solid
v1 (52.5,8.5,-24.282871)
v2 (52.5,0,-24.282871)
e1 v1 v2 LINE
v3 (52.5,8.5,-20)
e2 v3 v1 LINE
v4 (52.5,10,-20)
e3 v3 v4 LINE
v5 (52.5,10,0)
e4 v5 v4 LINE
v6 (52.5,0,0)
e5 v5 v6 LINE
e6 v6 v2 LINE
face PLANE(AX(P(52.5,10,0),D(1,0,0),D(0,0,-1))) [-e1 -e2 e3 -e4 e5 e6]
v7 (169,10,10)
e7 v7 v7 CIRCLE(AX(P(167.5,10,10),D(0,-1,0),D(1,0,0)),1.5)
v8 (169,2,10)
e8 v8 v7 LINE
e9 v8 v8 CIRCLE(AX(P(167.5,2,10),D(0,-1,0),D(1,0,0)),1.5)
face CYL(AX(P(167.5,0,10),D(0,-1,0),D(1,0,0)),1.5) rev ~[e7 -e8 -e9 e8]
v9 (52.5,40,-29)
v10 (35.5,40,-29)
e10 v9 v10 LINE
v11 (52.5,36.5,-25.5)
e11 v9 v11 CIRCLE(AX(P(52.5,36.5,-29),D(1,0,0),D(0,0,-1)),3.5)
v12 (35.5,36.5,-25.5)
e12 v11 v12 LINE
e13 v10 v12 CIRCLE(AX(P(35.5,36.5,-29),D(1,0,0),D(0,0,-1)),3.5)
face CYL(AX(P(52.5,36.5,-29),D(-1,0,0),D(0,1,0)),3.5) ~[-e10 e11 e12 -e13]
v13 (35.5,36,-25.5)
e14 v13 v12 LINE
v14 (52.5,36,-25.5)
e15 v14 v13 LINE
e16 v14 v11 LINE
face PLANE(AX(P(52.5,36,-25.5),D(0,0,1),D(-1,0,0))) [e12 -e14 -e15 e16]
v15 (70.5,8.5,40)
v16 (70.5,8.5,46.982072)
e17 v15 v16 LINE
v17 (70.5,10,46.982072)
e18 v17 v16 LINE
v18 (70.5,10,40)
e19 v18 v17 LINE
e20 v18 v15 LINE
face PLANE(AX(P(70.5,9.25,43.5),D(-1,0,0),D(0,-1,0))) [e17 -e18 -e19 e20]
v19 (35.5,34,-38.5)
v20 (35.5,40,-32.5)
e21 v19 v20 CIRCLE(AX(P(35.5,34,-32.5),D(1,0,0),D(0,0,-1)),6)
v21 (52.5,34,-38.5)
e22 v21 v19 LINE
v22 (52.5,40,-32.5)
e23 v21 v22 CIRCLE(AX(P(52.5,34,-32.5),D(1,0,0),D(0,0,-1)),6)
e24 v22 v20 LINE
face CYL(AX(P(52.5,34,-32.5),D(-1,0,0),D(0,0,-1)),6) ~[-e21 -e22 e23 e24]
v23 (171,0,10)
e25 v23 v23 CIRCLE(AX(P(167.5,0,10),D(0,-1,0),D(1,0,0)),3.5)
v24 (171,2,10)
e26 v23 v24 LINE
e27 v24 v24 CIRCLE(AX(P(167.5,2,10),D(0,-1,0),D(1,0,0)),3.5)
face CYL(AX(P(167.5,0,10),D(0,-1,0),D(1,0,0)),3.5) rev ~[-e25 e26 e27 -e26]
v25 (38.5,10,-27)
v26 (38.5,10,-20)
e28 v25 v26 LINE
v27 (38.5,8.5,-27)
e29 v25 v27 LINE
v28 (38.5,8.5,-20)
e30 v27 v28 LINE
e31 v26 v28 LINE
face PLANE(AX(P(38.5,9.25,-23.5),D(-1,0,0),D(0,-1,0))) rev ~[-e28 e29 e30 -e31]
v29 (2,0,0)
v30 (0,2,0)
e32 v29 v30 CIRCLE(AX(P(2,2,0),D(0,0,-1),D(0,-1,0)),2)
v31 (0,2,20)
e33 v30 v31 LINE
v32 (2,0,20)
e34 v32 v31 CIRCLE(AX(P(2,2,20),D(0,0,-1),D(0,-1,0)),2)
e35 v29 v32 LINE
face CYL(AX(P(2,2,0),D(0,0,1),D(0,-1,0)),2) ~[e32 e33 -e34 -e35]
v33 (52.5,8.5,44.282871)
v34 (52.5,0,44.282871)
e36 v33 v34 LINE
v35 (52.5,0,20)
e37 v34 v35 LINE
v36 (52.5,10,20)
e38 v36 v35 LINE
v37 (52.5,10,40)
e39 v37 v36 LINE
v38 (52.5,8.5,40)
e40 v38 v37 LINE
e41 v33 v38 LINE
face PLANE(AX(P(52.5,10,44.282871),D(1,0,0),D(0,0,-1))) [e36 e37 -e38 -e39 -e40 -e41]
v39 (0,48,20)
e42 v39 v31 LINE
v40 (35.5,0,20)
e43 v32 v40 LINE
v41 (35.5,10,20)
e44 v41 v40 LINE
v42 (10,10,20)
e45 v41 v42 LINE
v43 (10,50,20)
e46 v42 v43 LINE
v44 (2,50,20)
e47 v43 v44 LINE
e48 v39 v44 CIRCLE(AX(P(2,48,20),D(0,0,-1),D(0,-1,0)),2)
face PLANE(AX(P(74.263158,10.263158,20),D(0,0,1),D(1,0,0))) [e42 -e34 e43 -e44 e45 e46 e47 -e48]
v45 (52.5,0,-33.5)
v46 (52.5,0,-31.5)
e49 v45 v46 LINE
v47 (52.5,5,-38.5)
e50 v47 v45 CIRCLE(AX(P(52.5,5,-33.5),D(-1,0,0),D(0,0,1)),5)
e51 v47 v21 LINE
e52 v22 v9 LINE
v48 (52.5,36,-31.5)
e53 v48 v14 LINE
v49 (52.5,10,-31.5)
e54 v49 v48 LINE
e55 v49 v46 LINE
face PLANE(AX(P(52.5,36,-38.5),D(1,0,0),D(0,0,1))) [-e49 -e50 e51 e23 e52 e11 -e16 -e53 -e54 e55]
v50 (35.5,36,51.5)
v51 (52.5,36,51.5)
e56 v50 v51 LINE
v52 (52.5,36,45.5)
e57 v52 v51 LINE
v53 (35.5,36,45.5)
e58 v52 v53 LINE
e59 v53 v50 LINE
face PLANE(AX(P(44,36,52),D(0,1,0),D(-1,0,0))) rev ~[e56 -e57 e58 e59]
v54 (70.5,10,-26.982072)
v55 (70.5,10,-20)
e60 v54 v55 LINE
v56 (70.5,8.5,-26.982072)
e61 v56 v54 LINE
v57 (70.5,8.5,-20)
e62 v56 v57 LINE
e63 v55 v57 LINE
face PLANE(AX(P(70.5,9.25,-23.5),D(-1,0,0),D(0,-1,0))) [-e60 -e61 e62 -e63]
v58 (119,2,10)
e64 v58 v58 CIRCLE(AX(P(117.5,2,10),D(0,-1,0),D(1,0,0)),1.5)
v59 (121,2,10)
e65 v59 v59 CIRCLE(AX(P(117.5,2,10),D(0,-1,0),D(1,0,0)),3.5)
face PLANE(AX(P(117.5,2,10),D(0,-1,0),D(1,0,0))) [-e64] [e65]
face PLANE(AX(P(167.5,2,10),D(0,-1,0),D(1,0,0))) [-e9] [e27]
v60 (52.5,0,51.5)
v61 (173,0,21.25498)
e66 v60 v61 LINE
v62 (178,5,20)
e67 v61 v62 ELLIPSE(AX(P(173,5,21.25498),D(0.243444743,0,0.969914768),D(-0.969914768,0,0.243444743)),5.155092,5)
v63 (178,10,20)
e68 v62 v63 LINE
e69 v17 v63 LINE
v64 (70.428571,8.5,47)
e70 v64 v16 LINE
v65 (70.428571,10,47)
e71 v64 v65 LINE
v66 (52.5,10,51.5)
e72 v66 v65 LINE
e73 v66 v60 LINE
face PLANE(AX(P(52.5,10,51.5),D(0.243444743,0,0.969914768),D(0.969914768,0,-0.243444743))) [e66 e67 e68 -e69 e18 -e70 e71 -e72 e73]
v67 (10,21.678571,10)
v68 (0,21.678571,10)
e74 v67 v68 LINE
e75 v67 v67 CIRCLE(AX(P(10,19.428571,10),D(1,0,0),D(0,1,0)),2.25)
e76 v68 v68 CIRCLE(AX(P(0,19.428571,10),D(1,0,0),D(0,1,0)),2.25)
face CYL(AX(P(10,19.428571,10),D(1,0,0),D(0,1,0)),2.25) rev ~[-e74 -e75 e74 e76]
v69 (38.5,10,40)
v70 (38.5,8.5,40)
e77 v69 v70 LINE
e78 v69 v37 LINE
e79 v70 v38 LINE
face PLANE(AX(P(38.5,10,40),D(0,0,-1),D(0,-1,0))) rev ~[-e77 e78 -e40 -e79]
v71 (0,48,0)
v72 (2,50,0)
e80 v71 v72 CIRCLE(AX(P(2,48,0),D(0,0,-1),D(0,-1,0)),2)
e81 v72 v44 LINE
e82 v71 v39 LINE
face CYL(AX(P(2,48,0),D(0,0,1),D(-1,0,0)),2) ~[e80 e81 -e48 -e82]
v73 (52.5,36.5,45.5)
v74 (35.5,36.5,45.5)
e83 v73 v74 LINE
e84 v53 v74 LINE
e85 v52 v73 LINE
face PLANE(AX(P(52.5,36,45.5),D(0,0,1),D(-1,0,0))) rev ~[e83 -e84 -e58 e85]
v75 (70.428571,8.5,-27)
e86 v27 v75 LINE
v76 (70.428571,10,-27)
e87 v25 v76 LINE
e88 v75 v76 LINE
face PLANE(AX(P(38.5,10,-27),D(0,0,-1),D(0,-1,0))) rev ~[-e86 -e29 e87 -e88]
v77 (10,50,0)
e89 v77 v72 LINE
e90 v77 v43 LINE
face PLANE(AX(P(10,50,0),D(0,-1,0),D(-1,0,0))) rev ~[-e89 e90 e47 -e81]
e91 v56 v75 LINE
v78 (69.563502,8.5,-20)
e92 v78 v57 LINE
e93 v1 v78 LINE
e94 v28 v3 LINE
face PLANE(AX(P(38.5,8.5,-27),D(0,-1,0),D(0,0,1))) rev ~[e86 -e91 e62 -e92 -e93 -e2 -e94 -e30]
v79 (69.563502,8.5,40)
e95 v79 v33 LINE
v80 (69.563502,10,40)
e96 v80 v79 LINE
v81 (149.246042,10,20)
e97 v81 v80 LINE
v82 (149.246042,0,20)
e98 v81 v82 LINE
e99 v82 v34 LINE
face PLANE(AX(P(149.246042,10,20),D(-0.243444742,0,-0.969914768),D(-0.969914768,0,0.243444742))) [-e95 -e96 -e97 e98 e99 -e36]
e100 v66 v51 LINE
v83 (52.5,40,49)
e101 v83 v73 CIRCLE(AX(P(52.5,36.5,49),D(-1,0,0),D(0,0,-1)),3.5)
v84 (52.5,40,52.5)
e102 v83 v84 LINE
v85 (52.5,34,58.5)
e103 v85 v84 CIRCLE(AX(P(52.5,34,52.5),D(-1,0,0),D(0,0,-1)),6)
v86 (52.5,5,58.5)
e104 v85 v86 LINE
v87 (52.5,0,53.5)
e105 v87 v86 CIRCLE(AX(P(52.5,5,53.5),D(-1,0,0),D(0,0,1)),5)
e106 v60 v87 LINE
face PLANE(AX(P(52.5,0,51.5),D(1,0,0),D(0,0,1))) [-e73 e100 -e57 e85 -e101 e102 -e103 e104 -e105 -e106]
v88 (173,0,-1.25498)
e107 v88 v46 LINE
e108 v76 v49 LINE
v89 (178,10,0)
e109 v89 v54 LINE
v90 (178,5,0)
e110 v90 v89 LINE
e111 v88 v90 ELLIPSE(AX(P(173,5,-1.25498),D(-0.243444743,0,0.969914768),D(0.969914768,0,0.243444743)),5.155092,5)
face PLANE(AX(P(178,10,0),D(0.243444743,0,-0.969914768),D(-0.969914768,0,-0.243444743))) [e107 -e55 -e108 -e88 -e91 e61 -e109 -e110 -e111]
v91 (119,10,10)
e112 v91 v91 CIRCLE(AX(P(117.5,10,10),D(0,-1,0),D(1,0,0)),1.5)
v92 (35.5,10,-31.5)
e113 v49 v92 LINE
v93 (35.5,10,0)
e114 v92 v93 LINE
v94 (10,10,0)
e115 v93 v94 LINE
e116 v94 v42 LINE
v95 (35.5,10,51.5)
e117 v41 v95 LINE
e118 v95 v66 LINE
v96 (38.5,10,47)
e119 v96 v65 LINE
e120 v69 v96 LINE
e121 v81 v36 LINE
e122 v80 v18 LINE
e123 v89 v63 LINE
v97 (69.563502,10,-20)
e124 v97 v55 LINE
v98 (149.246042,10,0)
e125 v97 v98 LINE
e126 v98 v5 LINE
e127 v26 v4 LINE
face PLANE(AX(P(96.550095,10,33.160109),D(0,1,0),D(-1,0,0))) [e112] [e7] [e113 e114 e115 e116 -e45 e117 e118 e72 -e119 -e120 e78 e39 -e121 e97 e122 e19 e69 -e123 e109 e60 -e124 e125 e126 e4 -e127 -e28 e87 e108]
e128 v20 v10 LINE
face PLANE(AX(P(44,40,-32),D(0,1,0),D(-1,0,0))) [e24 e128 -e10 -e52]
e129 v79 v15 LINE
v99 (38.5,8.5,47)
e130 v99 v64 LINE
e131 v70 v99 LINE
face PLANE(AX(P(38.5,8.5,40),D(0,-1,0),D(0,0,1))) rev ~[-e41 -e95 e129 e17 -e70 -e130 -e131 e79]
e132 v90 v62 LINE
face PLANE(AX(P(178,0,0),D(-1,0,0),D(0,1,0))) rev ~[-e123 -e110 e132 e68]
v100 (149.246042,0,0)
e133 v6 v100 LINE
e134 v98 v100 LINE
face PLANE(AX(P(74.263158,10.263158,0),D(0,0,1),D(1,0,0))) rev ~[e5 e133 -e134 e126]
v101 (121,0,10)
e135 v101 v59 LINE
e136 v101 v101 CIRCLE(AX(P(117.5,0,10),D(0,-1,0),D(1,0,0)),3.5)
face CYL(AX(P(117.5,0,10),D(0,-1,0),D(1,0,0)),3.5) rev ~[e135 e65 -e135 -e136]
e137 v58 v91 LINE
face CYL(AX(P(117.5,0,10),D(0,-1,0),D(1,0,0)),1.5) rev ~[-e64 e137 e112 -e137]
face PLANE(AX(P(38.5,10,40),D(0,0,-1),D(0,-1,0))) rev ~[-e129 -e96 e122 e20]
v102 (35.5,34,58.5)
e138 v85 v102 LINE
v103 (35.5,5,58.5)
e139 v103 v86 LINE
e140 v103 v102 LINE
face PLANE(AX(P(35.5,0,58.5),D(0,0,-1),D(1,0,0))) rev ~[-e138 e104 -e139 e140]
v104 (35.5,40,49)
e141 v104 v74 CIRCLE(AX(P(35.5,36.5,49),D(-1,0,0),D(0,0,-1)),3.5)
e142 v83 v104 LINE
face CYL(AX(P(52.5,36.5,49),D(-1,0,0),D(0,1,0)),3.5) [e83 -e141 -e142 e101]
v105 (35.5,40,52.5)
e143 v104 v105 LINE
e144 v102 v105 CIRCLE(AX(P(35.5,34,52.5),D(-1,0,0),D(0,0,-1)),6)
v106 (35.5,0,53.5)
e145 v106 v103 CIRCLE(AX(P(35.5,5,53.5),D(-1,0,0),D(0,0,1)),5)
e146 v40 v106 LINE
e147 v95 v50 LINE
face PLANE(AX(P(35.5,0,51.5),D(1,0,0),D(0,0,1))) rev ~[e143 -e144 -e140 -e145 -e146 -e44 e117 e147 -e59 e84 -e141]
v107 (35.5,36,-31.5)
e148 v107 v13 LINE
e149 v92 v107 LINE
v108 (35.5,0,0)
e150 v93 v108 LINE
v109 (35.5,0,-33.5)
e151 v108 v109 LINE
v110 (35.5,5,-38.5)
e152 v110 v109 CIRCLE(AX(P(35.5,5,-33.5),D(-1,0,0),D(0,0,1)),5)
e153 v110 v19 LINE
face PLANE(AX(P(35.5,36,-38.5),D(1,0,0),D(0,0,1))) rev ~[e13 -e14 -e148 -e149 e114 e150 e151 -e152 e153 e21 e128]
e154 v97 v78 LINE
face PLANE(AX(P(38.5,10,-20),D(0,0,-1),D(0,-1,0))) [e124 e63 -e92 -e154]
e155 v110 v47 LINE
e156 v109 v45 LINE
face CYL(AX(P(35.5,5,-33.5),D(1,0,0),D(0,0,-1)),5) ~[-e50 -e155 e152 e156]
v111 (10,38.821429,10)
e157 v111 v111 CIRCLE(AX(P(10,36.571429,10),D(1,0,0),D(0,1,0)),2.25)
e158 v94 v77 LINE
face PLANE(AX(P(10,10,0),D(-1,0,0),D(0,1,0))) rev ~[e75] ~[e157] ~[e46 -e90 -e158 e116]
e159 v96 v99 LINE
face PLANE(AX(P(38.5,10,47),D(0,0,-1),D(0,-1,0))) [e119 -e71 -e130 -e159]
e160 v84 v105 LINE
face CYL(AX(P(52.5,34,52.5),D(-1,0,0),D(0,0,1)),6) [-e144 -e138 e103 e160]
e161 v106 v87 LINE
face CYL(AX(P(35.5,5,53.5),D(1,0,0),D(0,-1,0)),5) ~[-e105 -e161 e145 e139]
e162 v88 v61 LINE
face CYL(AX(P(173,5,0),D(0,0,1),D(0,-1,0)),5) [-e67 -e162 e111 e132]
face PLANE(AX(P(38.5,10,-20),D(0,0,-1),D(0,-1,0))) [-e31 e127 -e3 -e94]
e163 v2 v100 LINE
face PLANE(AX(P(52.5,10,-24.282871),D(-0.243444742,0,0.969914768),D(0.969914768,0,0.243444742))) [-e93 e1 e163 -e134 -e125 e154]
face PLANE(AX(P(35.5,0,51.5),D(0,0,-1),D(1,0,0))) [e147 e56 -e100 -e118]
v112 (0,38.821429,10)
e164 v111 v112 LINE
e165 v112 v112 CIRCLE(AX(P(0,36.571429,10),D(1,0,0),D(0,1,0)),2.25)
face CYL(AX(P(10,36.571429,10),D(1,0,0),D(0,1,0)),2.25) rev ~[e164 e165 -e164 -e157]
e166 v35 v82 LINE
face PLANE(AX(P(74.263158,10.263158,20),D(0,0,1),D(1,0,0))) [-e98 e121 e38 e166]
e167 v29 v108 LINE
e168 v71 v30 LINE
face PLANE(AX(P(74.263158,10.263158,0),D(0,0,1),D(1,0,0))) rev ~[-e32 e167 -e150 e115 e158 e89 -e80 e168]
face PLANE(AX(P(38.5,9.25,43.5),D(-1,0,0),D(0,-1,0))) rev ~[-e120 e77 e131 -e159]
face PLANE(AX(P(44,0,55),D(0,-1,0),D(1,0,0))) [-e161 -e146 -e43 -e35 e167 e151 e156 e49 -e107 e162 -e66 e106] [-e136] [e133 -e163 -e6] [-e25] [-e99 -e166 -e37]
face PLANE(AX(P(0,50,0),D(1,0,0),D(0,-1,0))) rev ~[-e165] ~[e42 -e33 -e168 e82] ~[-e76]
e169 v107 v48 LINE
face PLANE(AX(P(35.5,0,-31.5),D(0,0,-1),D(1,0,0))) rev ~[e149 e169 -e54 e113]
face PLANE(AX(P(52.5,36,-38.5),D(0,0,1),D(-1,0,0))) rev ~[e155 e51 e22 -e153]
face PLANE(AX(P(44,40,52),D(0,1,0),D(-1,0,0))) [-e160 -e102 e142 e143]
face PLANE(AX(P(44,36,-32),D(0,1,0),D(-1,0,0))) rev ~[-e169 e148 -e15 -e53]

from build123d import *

# Parameters (mm, degrees)
PAD_DEPTH       = 20
SKETCH001_R     = 1.5
POCKET_DEPTH    = 50.001
SKETCH002_R     = 2.25
POCKET001_DEPTH = 10.001
SKETCH003_R     = 3.5
POCKET002_DEPTH = 2
PAD001_DEPTH    = 10
SKETCH006_W     = 17
SKETCH006_H     = 7
PAD002_DEPTH    = 36
SKETCH007_W     = 17
SKETCH007_H     = 13
PAD003_DEPTH    = 4
FILLET_R        = 3.5
FILLET001_R     = 3.5
FILLET002_R     = 6
FILLET003_R     = 6
FILLET004_R     = 5
FILLET005_R     = 5
FILLET006_R     = 5
FILLET007_R     = 2
FILLET008_R     = 2
POCKET003_START = -3
SKETCH008_W     = 1.5
SKETCH008_H     = 7
POCKET003_DEPTH = 32


with BuildPart() as part:
    # Sketch → Pad (new body)
    with BuildSketch(Plane.XY):
        Polygon((0, 50), (0, 0), (178, 0), (178, 10), (10, 10), (10, 50), align=None)
    extrude(amount=PAD_DEPTH)

    # Sketch001 (on Face2 of Pad) → Pocket (cut, through all)
    with BuildSketch(Plane.XZ):
        with Locations((117.5, 10)):
            Circle(SKETCH001_R)
        with Locations((167.5, 10)):
            Circle(SKETCH001_R)
    extrude(amount=-POCKET_DEPTH, mode=Mode.SUBTRACT)

    # Sketch002 (on Face6 of Pocket) → Pocket001 (cut, through all)
    with BuildSketch(Plane.YZ.offset(10)):
        with Locations((19.428571, 10)):
            Circle(SKETCH002_R)
        with Locations((36.571429, 10)):
            Circle(SKETCH002_R)
    extrude(amount=-POCKET001_DEPTH, mode=Mode.SUBTRACT)

    # Sketch003 (on Face5 of Pocket001) → Pocket002 (cut)
    with BuildSketch(Plane.XZ):
        with Locations((117.5, 10)):
            Circle(SKETCH003_R)
        with Locations((167.5, 10)):
            Circle(SKETCH003_R)
    extrude(amount=-POCKET002_DEPTH, mode=Mode.SUBTRACT)

    # Sketch004 (on Face10 of Pocket002) → Pad001 (join)
    with BuildSketch(Plane(origin=(0, 10, 0), x_dir=(-1, 0, 0), z_dir=(0, 1, 0))):
        Polygon((-35.5, 20), (-35.5, 51.5), (-52.5, 51.5), (-178, 20), (-149.246042, 20), (-52.5, 44.282871), (-52.5, 20), align=None)
        Polygon((-52.5, 0), (-52.5, -24.282871), (-149.246042, 0), (-178, 0), (-52.5, -31.5), (-35.5, -31.5), (-35.5, 0), align=None)
    extrude(amount=-PAD001_DEPTH)

    # Sketch006 (on Face15 of Pad001) → Pad002 (join)
    with BuildSketch(Plane.XZ):
        with Locations((44, 55)):
            Rectangle(SKETCH006_W, SKETCH006_H)
        with Locations((44, -35)):
            Rectangle(SKETCH006_W, SKETCH006_H)
    extrude(amount=-PAD002_DEPTH)

    # Sketch007 (on Face31 of Pad002) → Pad003 (join)
    with BuildSketch(Plane(origin=(0, 36, 0), x_dir=(-1, 0, 0), z_dir=(0, 1, 0))):
        with Locations((-44, -32)):
            Rectangle(SKETCH007_W, SKETCH007_H)
        with Locations((-44, 52)):
            Rectangle(SKETCH007_W, SKETCH007_H)
    extrude(amount=PAD003_DEPTH)

    # Fillet
    fillet_edges = [part.edges().sort_by_distance(p)[0] for p in [
        (44, 40, 45.5),
    ]]
    fillet(fillet_edges, radius=FILLET_R)

    # Fillet001
    fillet001_edges = [part.edges().sort_by_distance(p)[0] for p in [
        (44, 40, -25.5),
    ]]
    fillet(fillet001_edges, radius=FILLET001_R)

    # Fillet002
    fillet002_edges = [part.edges().sort_by_distance(p)[0] for p in [
        (44, 40, 58.5),
    ]]
    fillet(fillet002_edges, radius=FILLET002_R)

    # Fillet003
    fillet003_edges = [part.edges().sort_by_distance(p)[0] for p in [
        (44, 40, -38.5),
    ]]
    fillet(fillet003_edges, radius=FILLET003_R)

    # Fillet004
    fillet004_edges = [part.edges().sort_by_distance(p)[0] for p in [
        (44, 0, -38.5),
    ]]
    fillet(fillet004_edges, radius=FILLET004_R)

    # Fillet005
    fillet005_edges = [part.edges().sort_by_distance(p)[0] for p in [
        (44, 0, 58.5),
    ]]
    fillet(fillet005_edges, radius=FILLET005_R)

    # Fillet006
    fillet006_edges = [part.edges().sort_by_distance(p)[0] for p in [
        (178, 0, 10),
    ]]
    fillet(fillet006_edges, radius=FILLET006_R)

    # Fillet007
    fillet007_edges = [part.edges().sort_by_distance(p)[0] for p in [
        (0, 0, 10),
    ]]
    fillet(fillet007_edges, radius=FILLET007_R)

    # Fillet008
    fillet008_edges = [part.edges().sort_by_distance(p)[0] for p in [
        (0, 50, 10),
    ]]
    fillet(fillet008_edges, radius=FILLET008_R)

    # Sketch008 (on Face8 of Fillet008) → Pocket003 (cut)
    with BuildSketch(Plane(origin=(35.5, 0, 0), x_dir=(0, -1, 0), z_dir=(-1, 0, 0)).offset(POCKET003_START)):
        with Locations((-9.25, 43.5)):
            Rectangle(SKETCH008_W, SKETCH008_H)
        with Locations((-9.25, -23.5)):
            Rectangle(SKETCH008_W, SKETCH008_H)
    extrude(amount=-POCKET003_DEPTH, mode=Mode.SUBTRACT)


solid = part.part
